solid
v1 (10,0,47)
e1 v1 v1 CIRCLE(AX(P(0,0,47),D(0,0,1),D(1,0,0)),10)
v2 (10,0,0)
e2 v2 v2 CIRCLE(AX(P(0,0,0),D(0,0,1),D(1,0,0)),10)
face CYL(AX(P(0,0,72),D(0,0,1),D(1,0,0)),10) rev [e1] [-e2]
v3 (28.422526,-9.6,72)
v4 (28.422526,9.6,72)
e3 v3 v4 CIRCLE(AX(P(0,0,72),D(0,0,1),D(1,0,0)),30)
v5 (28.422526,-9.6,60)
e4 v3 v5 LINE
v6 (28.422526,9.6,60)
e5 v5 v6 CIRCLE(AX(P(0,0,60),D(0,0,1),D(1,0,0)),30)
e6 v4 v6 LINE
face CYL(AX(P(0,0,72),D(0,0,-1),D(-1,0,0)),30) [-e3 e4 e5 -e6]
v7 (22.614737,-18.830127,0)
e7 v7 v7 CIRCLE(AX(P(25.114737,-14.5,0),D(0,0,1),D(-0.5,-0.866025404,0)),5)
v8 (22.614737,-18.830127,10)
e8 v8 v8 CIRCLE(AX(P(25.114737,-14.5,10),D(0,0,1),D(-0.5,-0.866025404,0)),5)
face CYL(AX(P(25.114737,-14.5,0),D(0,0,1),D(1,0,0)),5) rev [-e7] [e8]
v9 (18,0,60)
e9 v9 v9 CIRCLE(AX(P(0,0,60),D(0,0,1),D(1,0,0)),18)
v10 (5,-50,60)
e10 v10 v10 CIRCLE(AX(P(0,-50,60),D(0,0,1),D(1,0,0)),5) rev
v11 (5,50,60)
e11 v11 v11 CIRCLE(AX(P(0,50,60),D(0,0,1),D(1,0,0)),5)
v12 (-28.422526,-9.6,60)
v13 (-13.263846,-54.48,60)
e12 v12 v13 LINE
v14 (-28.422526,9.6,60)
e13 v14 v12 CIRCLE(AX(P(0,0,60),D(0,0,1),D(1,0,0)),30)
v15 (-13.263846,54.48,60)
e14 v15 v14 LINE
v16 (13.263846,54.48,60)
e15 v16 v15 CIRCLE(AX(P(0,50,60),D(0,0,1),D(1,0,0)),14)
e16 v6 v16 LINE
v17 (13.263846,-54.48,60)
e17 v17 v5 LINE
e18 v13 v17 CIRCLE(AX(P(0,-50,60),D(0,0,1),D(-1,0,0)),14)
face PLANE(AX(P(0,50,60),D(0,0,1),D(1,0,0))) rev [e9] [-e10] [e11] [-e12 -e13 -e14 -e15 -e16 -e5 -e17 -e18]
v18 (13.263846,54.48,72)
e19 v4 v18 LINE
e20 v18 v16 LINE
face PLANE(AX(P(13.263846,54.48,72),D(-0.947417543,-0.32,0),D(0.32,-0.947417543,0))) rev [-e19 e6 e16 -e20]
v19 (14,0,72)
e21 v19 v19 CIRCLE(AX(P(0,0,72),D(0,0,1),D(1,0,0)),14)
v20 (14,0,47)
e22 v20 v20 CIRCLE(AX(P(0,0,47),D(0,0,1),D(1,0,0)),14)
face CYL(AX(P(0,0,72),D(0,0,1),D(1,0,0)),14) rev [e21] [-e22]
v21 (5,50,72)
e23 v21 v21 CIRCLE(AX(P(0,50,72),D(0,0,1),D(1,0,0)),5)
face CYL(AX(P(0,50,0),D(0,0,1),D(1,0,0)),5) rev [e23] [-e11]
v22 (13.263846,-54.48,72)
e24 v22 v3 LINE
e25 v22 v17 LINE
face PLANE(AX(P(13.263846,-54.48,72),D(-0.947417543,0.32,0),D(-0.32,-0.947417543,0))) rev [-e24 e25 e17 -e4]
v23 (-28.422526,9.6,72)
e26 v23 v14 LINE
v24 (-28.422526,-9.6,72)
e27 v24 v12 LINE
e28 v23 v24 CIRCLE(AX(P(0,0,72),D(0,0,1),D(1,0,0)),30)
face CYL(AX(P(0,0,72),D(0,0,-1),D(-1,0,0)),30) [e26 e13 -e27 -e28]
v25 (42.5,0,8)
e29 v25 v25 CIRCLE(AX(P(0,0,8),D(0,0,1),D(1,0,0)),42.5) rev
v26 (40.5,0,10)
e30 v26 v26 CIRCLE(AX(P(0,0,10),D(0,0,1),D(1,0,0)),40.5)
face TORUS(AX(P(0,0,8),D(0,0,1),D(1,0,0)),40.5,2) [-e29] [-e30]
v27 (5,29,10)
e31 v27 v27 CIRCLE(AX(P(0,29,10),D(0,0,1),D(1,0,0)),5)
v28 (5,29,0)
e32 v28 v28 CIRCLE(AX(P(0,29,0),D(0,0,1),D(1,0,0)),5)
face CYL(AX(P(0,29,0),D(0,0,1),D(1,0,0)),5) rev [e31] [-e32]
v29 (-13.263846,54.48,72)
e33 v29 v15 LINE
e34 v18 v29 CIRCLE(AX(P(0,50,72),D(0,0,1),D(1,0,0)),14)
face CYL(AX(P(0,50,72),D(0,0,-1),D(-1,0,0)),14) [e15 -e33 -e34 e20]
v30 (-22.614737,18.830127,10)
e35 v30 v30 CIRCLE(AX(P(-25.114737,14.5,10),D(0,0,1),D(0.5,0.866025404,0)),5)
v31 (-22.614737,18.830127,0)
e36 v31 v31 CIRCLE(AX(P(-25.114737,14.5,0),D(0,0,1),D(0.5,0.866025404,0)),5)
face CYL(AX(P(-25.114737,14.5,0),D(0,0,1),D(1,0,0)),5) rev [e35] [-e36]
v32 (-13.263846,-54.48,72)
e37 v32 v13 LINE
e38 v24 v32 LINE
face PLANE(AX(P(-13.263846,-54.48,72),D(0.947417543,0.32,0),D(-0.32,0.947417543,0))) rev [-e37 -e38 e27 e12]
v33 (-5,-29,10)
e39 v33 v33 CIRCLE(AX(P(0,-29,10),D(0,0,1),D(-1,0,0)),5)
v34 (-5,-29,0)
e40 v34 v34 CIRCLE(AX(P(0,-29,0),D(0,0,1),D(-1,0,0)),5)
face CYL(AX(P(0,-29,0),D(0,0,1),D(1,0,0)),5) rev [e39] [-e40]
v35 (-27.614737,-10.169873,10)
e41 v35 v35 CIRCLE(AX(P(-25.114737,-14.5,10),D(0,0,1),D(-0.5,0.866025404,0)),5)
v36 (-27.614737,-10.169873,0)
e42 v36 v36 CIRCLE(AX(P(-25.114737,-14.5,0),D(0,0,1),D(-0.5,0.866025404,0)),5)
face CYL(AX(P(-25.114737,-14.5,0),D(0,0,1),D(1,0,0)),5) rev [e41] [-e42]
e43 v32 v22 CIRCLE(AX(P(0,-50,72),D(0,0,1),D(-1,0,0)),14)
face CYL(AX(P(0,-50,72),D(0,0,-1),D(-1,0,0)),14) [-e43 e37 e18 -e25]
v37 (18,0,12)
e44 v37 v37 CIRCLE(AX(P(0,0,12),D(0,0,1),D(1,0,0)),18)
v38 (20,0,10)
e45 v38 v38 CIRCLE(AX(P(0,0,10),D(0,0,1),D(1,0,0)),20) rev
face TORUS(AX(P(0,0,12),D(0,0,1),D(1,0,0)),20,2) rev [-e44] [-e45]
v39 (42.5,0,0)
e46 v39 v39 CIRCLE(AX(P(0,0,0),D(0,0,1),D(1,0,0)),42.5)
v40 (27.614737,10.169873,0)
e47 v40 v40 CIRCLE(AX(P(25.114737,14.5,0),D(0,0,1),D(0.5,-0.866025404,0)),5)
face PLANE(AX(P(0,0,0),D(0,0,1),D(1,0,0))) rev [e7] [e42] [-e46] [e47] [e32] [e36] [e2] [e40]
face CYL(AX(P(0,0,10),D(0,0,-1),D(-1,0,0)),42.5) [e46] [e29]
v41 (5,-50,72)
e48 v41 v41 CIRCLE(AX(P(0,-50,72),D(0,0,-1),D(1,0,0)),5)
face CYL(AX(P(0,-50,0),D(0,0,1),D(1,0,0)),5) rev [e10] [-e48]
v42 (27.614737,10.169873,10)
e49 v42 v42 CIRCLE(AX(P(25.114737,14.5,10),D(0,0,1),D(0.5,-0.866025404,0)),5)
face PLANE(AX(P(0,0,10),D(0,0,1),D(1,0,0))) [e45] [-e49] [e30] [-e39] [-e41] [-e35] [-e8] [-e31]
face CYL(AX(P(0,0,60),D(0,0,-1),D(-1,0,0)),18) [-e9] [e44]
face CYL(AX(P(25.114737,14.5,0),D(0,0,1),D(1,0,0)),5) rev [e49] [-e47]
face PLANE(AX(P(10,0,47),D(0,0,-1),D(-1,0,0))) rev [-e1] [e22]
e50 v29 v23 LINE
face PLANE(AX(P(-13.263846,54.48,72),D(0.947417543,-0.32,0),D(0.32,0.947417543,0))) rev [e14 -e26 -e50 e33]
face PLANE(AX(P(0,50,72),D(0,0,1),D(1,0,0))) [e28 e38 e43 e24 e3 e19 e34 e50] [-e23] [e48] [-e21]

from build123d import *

# Parameters (mm, degrees)
SKETCH1_R                                          = 42.5
BOSS_EXTRUDE1_DEPTH                                = 10
SKETCH2_R                                          = 5
CUT_EXTRUDE1_DEPTH                                 = 61.930288035
CIRPATTERN2_COUNT                                  = 6
SKETCH3_R                                          = 18
BOSS_EXTRUDE2_DEPTH                                = 50
BOSS_EXTRUDE3_DEPTH                                = 12
SKETCH5_R                                          = 5
CUT_EXTRUDE3_DEPTH                                 = 106.291262695
CBORE_FOR_M2_5_PAN_HEAD_MACHINE_SCREW1_D           = 20
CBORE_FOR_M2_5_PAN_HEAD_MACHINE_SCREW1_CBORE_D     = 28
CBORE_FOR_M2_5_PAN_HEAD_MACHINE_SCREW1_CBORE_DEPTH = 25
FILLET1_R                                          = 2


with BuildPart() as part:
    # Sketch1 → Boss-Extrude1 (new body)
    with BuildSketch(Plane.XY):
        Circle(SKETCH1_R)
    extrude(amount=BOSS_EXTRUDE1_DEPTH)

    # Sketch2 → Cut-Extrude1 (cut, through all)
    with BuildSketch(Plane.XY.offset(10)):
        with Locations((0, 29)):
            Circle(SKETCH2_R)
    cut_extrude1 = extrude(amount=-CUT_EXTRUDE1_DEPTH, mode=Mode.SUBTRACT)

    # CirPattern2: Cut-Extrude1 ×6 about axis
    cirpattern2_axis = Axis((0, 0, 0), (0, 0, 1))
    for i in range(1, CIRPATTERN2_COUNT):
        add(cut_extrude1.rotate(cirpattern2_axis, i * 360 / CIRPATTERN2_COUNT), mode=Mode.SUBTRACT)

    # Sketch3 → Boss-Extrude2 (add)
    with BuildSketch(Plane.XY.offset(10)):
        Circle(SKETCH3_R)
    extrude(amount=BOSS_EXTRUDE2_DEPTH)

    # Sketch4 → Boss-Extrude3 (add)
    with BuildSketch(Plane.XY.offset(60)):
        with BuildLine():
            Line((-13.263845596, 54.48), (-28.422526278, 9.6))
            ThreePointArc((-28.422526278, 9.6), (-30, 0), (-28.422526278, -9.6))
            Line((-28.422526278, -9.6), (-13.263845596, -54.48))
            ThreePointArc((-13.263845596, -54.48), (0, -64), (13.263845596, -54.48))
            Line((13.263845596, -54.48), (28.422526278, -9.6))
            ThreePointArc((28.422526278, -9.6), (30, 0), (28.422526278, 9.6))
            Line((28.422526278, 9.6), (13.263845596, 54.48))
            ThreePointArc((13.263845596, 54.48), (0, 64), (-13.263845596, 54.48))
        make_face()
    extrude(amount=BOSS_EXTRUDE3_DEPTH)

    # Sketch5 → Cut-Extrude3 (cut, through all)
    with BuildSketch(Plane.XY.offset(72)):
        with Locations((0, 50)):
            Circle(SKETCH5_R)
    cut_extrude3 = extrude(amount=-CUT_EXTRUDE3_DEPTH, mode=Mode.SUBTRACT)

    # Mirror1: Cut-Extrude3 across plane
    add(cut_extrude3.mirror(Plane.ZX), mode=Mode.SUBTRACT)

    # CBORE for M2.5 Pan Head Machine Screw1 (through all)
    with Locations(Plane.XY.offset(72)):
        with Locations((0, 0)):
            CounterBoreHole(CBORE_FOR_M2_5_PAN_HEAD_MACHINE_SCREW1_D / 2, CBORE_FOR_M2_5_PAN_HEAD_MACHINE_SCREW1_CBORE_D / 2, CBORE_FOR_M2_5_PAN_HEAD_MACHINE_SCREW1_CBORE_DEPTH)

    # Fillet1
    fillet1_edges = [part.edges().sort_by_distance(p)[0] for p in [
        (-18, 0, 10),
        (-42.5, 0, 10),
    ]]
    fillet(fillet1_edges, radius=FILLET1_R)


solid = part.part
